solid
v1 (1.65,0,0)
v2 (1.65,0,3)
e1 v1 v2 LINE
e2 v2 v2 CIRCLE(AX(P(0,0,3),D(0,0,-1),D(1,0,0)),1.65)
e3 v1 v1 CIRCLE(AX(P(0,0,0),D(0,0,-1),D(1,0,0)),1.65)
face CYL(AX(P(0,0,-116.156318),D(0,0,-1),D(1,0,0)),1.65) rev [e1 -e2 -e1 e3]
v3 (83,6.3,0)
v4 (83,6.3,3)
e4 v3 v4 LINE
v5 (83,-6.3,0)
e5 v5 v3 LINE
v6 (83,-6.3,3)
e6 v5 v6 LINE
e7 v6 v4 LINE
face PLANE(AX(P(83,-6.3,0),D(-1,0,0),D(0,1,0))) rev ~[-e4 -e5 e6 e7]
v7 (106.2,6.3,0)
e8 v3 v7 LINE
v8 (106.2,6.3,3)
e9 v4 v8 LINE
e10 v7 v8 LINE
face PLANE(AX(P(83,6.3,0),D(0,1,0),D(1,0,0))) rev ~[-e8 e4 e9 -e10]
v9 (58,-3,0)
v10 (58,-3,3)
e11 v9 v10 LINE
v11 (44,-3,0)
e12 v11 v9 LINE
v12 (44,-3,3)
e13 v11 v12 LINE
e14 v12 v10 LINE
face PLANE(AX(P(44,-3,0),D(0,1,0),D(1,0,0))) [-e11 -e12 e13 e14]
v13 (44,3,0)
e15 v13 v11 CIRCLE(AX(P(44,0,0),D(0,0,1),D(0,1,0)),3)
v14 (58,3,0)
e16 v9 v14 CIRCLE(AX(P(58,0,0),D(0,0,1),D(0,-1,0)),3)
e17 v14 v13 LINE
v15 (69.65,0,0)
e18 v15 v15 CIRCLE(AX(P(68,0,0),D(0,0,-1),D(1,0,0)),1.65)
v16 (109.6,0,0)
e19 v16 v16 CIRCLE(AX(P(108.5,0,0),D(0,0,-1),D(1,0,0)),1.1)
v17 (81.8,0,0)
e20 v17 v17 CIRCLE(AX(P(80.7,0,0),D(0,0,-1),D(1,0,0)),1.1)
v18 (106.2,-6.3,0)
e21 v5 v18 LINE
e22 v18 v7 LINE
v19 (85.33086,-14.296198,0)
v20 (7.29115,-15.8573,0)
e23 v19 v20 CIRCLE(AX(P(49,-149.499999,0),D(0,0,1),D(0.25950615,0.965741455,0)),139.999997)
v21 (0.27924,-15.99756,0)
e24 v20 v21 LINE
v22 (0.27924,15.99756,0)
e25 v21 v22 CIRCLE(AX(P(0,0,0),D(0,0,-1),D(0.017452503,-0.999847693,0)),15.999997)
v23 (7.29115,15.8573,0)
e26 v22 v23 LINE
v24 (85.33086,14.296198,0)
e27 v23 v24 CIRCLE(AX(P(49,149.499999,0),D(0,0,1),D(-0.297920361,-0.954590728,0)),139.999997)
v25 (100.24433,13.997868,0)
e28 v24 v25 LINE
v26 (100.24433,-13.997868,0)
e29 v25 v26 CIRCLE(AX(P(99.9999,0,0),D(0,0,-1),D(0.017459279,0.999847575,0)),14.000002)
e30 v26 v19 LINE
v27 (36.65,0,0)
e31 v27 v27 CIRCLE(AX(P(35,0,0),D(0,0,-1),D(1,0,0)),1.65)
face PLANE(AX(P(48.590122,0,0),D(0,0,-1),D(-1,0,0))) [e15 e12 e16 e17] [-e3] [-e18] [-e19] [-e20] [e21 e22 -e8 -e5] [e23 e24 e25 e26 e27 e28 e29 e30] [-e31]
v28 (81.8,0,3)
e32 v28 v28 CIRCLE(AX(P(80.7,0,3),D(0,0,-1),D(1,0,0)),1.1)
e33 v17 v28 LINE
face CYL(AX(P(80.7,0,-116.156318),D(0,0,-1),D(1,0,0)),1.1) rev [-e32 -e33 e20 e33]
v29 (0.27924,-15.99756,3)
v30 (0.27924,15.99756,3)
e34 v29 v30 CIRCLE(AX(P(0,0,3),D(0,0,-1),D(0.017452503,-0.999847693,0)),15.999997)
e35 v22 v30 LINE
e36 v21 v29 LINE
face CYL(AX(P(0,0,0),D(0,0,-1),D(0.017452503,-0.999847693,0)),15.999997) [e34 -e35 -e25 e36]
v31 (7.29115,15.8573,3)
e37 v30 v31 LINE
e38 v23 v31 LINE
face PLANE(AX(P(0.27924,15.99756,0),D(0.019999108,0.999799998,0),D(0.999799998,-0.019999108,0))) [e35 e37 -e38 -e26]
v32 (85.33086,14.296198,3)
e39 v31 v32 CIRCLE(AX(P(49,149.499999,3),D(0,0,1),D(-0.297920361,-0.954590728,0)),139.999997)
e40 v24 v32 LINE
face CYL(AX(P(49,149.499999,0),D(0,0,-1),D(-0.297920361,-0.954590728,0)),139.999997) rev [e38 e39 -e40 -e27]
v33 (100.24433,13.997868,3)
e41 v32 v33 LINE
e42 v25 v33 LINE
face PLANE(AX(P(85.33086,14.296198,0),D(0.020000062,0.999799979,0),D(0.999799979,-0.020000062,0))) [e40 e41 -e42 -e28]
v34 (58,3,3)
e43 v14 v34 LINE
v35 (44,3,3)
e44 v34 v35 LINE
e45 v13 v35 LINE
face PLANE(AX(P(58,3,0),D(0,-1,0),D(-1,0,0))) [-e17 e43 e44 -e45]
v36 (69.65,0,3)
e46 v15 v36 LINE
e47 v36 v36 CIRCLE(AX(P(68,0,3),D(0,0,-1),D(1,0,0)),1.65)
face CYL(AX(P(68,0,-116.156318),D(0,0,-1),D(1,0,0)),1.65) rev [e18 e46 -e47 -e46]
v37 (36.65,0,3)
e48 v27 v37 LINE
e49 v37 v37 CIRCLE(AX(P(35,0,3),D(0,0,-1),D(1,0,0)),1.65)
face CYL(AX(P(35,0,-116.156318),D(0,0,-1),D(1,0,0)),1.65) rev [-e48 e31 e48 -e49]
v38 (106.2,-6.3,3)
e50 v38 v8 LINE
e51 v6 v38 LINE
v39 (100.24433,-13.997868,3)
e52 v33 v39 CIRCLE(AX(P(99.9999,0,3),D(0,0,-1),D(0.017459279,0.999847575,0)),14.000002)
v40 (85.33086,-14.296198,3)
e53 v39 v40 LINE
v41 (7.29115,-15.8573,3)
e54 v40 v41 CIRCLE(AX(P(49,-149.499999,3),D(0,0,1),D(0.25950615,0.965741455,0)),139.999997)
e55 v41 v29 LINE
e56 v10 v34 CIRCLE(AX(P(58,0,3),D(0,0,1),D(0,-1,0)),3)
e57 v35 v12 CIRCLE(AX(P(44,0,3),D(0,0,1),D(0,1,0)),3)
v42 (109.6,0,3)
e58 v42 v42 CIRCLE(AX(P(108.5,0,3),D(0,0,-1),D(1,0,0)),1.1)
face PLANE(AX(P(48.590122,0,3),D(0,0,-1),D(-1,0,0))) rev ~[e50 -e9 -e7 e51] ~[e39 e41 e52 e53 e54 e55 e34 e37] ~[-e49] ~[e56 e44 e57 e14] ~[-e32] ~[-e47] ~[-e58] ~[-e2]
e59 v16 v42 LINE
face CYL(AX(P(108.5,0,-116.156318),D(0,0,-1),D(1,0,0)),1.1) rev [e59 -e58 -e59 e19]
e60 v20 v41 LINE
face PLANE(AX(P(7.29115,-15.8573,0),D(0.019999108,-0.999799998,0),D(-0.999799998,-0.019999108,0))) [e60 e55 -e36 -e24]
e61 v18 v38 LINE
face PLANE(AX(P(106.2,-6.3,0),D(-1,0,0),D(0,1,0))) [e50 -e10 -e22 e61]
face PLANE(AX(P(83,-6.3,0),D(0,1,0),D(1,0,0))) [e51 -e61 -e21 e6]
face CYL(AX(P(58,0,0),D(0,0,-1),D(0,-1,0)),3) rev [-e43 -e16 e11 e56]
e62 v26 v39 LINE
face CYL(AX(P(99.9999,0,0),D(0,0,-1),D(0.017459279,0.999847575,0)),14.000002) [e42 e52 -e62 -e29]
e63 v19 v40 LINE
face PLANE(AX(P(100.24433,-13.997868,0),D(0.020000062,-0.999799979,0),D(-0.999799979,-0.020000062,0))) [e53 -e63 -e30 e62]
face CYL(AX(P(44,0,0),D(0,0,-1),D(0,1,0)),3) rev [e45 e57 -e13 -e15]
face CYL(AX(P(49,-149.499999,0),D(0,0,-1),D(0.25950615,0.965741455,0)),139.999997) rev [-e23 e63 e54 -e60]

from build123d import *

# Parameters (mm, degrees)
ESKIZ_KONTUR_W        = 23.2
ESKIZ_KONTUR_H        = 12.6
PLASTINA_DEPTH        = 3
OTVERSTIYA_DEPTH      = 116.156318141
OTVERSTIYA_DEPTH_BACK = 116.156318141
ESKIZ_OTVERSTIYA_R    = 1.65
ESKIZ_OTVERSTIYA_R_2  = 1.1


with BuildPart() as part:
    # Eskiz_kontur → Plastina (new body)
    with BuildSketch(Plane.XY):
        with BuildLine():
            Line((7.29115, -15.8573), (0.27924, -15.99756))
            ThreePointArc((0.27924, -15.99756), (-15.999996904, 0), (0.27924, 15.99756))
            Line((0.27924, 15.99756), (7.29115, 15.8573))
            ThreePointArc((7.29115, 15.8573), (46.200008227, 9.528004702), (85.330859965, 14.296198255))
            Line((85.330859965, 14.296198255), (100.244329965, 13.997868255))
            ThreePointArc((100.244329965, 13.997868255), (113.999902223, 0), (100.244329965, -13.997868255))
            Line((100.244329965, -13.997868255), (85.330859965, -14.296198255))
            ThreePointArc((85.330859965, -14.296198255), (46.200008227, -9.528004702), (7.29115, -15.8573))
        make_face()
        with BuildLine():
            Line((58, 3), (44, 3))
            ThreePointArc((44, 3), (41, 0), (44, -3))
            Line((44, -3), (58, -3))
            ThreePointArc((58, -3), (61, 0), (58, 3))
        make_face(mode=Mode.SUBTRACT)
        with Locations((94.6, 0)):
            Rectangle(ESKIZ_KONTUR_W, ESKIZ_KONTUR_H, mode=Mode.SUBTRACT)
    extrude(amount=PLASTINA_DEPTH)

    # Eskiz_otverstiya → Otverstiya (cut, two sides: drawn at the far end of the back side and taken through both)
    with BuildSketch(Plane.XY.offset(-OTVERSTIYA_DEPTH_BACK)):
        Circle(ESKIZ_OTVERSTIYA_R)
        with Locations((35, 0)):
            Circle(ESKIZ_OTVERSTIYA_R)
        with Locations((68, 0)):
            Circle(ESKIZ_OTVERSTIYA_R)
        with Locations((80.7, 0)):
            Circle(ESKIZ_OTVERSTIYA_R_2)
        with Locations((108.5, 0)):
            Circle(ESKIZ_OTVERSTIYA_R_2)
    extrude(amount=OTVERSTIYA_DEPTH + OTVERSTIYA_DEPTH_BACK, mode=Mode.SUBTRACT)


solid = part.part
